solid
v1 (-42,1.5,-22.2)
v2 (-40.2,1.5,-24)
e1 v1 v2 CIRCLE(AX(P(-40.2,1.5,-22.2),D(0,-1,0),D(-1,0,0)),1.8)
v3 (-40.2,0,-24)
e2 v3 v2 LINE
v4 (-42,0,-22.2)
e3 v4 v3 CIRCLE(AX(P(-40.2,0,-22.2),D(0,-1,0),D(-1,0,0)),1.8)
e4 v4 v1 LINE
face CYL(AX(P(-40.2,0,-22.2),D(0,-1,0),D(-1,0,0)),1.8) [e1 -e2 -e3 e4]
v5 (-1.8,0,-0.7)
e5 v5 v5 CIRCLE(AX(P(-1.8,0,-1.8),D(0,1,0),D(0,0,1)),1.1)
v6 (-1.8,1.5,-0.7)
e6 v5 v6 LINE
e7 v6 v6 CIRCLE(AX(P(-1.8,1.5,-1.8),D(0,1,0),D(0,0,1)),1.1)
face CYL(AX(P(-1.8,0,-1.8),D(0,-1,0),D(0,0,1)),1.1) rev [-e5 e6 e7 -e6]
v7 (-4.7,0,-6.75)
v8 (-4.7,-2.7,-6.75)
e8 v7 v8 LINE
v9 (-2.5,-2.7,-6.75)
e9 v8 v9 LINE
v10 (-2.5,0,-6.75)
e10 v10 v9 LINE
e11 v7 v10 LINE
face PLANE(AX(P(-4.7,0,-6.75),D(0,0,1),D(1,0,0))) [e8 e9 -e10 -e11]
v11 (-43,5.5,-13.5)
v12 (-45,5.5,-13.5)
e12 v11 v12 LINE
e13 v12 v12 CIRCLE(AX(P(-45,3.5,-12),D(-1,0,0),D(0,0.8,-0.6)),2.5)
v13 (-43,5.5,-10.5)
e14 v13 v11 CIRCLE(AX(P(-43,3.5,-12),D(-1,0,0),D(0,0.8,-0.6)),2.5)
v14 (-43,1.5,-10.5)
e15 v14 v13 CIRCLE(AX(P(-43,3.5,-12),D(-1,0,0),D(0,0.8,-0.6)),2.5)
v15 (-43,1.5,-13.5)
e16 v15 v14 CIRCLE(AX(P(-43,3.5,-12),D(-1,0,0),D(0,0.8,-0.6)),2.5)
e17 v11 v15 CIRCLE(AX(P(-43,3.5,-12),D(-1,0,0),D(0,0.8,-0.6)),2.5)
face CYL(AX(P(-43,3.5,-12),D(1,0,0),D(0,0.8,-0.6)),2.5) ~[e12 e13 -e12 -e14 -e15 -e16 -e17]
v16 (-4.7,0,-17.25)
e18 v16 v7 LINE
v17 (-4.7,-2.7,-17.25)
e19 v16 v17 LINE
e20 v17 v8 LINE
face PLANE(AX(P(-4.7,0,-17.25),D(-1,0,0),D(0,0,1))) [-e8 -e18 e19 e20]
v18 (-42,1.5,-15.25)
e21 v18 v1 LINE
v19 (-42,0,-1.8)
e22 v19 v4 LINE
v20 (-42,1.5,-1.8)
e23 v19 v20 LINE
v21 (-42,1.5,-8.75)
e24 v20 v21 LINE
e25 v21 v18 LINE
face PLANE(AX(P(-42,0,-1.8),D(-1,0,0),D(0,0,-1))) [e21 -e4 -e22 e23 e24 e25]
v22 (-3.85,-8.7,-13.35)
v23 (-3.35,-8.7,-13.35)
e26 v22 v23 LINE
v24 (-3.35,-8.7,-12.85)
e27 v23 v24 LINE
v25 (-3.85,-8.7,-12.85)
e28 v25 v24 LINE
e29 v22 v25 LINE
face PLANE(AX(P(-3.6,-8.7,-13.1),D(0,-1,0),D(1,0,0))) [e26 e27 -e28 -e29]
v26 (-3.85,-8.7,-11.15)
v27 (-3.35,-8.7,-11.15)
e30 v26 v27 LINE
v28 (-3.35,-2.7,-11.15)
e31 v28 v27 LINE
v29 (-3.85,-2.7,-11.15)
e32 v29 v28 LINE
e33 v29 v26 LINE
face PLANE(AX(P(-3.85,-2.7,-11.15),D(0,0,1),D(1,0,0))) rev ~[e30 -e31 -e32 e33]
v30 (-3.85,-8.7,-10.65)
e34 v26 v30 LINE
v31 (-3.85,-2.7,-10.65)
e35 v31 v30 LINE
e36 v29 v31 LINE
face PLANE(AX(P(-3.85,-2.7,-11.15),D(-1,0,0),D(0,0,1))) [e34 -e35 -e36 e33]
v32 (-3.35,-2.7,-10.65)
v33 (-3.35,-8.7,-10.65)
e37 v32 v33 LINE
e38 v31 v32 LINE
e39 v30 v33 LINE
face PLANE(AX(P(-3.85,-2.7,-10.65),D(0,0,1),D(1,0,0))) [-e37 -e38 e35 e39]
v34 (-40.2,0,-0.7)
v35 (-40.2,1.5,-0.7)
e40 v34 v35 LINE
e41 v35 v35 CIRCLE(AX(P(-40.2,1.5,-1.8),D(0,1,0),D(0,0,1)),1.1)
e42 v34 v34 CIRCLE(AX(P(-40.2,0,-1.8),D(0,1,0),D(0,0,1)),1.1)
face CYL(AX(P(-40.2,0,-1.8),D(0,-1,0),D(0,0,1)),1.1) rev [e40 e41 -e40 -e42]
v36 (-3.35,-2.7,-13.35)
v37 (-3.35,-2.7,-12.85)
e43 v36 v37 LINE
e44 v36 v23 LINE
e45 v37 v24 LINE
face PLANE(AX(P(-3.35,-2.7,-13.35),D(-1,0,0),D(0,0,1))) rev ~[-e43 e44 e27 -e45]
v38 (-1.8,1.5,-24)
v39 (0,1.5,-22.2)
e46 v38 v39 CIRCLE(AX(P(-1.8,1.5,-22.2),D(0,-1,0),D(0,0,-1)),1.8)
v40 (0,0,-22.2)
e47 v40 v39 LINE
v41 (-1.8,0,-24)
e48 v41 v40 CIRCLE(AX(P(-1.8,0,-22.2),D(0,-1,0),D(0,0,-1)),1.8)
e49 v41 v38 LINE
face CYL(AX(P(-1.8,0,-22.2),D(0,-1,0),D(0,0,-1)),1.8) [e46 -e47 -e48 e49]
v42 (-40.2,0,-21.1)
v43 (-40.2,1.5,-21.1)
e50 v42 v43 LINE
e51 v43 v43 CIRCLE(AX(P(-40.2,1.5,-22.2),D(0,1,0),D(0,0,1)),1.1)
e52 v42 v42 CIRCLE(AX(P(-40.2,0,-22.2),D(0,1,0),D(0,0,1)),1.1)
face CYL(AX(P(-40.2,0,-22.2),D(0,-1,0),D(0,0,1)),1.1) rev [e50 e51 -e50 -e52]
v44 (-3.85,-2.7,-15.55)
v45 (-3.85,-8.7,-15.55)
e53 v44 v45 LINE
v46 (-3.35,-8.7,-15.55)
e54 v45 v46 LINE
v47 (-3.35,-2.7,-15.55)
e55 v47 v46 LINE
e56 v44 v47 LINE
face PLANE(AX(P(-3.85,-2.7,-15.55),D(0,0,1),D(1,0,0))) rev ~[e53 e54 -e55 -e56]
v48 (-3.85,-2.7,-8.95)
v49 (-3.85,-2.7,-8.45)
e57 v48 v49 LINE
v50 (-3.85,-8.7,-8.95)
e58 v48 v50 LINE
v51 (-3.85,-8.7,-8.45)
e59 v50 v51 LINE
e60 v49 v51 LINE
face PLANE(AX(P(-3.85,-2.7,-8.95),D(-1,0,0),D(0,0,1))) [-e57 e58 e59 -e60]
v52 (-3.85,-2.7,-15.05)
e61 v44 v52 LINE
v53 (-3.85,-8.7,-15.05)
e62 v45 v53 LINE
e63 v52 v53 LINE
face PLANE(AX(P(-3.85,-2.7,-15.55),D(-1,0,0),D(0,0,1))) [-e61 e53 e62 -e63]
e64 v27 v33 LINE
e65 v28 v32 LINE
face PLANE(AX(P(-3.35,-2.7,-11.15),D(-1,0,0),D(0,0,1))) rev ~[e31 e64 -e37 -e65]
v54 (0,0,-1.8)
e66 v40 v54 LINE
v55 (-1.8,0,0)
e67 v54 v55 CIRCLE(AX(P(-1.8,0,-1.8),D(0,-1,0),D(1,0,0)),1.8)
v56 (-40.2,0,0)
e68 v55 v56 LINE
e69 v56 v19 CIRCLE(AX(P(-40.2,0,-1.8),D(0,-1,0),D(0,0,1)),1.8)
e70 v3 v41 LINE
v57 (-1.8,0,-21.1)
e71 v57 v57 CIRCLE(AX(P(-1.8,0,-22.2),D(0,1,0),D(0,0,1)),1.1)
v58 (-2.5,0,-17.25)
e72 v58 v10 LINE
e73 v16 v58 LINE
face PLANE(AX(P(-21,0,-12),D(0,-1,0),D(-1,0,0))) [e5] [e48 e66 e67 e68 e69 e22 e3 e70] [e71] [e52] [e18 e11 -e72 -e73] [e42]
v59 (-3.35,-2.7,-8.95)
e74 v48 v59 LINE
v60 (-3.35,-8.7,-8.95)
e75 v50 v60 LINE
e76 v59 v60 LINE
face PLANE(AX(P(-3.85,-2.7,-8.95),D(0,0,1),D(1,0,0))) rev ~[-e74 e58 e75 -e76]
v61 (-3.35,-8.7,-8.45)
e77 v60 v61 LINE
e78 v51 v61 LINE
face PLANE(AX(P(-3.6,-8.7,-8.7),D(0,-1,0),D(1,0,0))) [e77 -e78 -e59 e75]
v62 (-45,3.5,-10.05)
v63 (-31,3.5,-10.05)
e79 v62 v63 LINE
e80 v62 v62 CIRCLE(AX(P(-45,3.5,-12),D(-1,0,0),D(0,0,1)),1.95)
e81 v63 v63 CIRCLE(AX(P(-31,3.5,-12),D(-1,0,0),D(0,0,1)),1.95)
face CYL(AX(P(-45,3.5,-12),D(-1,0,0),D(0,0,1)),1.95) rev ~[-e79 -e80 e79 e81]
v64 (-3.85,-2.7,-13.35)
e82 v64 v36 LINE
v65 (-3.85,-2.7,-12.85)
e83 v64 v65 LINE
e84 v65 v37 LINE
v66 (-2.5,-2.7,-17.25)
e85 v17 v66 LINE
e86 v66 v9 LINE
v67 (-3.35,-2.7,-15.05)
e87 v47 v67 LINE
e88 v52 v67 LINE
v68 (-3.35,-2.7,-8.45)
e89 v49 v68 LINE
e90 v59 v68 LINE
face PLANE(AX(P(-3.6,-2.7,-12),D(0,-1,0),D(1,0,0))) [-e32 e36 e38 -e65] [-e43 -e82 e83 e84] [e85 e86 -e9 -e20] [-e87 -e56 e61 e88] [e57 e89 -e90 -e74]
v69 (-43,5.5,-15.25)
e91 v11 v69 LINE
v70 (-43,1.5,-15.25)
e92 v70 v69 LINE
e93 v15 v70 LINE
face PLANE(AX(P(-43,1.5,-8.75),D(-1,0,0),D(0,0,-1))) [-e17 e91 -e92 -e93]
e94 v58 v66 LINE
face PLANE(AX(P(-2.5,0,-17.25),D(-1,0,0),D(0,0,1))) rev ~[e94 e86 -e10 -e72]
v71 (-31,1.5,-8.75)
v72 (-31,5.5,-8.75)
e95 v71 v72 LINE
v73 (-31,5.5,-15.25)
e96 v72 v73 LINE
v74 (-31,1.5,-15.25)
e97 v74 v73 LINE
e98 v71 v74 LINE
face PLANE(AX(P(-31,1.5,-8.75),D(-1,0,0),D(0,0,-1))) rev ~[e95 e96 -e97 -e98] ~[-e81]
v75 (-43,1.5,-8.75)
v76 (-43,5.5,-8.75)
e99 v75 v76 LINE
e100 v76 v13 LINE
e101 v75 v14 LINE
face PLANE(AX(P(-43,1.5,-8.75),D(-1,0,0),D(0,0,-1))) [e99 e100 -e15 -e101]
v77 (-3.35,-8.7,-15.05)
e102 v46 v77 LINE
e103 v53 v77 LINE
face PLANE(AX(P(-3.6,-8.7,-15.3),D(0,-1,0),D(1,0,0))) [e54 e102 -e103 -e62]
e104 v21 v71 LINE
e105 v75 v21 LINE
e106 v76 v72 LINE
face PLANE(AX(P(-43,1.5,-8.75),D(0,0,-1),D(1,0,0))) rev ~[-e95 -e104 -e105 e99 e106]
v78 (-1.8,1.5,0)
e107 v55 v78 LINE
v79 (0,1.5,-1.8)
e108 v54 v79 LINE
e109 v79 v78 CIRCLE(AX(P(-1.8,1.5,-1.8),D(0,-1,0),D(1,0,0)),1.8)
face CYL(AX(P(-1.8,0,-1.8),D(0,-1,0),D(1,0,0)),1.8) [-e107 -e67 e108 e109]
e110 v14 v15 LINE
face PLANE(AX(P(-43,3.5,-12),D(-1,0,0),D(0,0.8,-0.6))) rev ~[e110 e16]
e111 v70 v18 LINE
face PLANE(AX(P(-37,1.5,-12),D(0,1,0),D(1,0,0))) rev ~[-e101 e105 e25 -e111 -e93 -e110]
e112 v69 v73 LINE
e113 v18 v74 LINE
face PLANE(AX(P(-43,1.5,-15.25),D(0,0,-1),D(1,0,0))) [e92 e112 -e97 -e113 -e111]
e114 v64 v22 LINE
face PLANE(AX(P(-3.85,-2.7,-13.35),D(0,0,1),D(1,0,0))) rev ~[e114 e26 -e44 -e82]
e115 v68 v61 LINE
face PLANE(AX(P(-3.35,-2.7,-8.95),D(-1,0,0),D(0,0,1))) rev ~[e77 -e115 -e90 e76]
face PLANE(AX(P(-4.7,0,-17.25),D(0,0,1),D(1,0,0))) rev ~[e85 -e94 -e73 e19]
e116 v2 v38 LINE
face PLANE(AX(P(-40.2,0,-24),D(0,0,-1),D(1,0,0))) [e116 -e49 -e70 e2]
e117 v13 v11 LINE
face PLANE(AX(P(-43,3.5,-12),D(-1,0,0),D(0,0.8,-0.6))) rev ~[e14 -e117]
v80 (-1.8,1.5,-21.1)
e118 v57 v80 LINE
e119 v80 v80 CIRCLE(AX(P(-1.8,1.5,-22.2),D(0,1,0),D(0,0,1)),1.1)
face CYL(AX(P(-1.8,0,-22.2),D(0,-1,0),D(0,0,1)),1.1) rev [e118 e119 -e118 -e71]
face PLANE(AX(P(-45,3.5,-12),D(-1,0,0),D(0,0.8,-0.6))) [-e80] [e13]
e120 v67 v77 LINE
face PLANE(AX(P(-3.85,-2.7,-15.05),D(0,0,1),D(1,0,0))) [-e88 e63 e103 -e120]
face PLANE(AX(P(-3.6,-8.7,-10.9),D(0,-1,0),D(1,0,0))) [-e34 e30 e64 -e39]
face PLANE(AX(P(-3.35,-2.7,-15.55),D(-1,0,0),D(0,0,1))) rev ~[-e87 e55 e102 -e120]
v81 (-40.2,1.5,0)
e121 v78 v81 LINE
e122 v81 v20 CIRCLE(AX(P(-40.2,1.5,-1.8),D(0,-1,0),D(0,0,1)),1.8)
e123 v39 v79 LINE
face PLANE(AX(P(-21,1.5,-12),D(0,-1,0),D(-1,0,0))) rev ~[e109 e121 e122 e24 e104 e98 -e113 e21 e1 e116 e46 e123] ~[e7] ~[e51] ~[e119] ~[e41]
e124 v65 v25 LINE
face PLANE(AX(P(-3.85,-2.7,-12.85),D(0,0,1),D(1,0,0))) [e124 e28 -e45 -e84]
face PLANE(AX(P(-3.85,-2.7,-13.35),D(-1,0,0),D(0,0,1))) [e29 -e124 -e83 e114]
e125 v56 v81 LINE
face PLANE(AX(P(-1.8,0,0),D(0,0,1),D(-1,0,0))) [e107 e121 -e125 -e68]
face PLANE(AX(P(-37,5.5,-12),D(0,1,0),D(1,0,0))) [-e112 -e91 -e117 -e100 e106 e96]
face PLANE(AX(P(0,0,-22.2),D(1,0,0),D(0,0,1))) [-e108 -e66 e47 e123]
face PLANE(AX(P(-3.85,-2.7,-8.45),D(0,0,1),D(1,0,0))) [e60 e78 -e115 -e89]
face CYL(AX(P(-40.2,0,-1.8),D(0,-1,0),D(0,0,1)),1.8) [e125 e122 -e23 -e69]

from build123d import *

# Parameters (mm, degrees)
SKETCH1_R           = 1.1
BOSS_EXTRUDE1_DEPTH = 1.5
SKETCH2_W           = 12
SKETCH2_H           = 6.5
BOSS_EXTRUDE2_DEPTH = 4
SKETCH5_R           = 2.5
BOSS_EXTRUDE3_DEPTH = 2
SKETCH6_R           = 1.95
CUT_EXTRUDE1_DEPTH  = 15.02758553
SKETCH8_W           = 2.2
SKETCH8_H           = 10.5
BOSS_EXTRUDE4_DEPTH = 2.7
SKETCH9_W           = 0.5
SKETCH9_H           = 0.5
BOSS_EXTRUDE5_DEPTH = 6
LPATTERN1_COUNT     = 4
LPATTERN1_PITCH     = 2.2


with BuildPart() as part:
    # Sketch1 → Boss-Extrude1 (new body)
    with BuildSketch(Plane(origin=(0, 0, 0), x_dir=(1, 0, 0), z_dir=(0, 1, 0))):
        with BuildLine():
            Line((-1.8, 0), (-40.2, 0))
            ThreePointArc((-40.2, 0), (-41.472792206, 0.527207794), (-42, 1.8))
            Line((-42, 1.8), (-42, 22.2))
            ThreePointArc((-42, 22.2), (-41.472792206, 23.472792206), (-40.2, 24))
            Line((-40.2, 24), (-1.8, 24))
            ThreePointArc((-1.8, 24), (-0.527207794, 23.472792206), (0, 22.2))
            Line((0, 22.2), (0, 1.8))
            ThreePointArc((0, 1.8), (-0.527207794, 0.527207794), (-1.8, 0))
        make_face()
        with Locations(Location((-40.2, 1.8, 0), (0, 0, 270))):
            Circle(SKETCH1_R, mode=Mode.SUBTRACT)
        with Locations(Location((-1.8, 1.8, 0), (0, 0, 270))):
            Circle(SKETCH1_R, mode=Mode.SUBTRACT)
        with Locations(Location((-1.8, 22.2, 0), (0, 0, 270))):
            Circle(SKETCH1_R, mode=Mode.SUBTRACT)
        with Locations(Location((-40.2, 22.2, 0), (0, 0, 270))):
            Circle(SKETCH1_R, mode=Mode.SUBTRACT)
    extrude(amount=BOSS_EXTRUDE1_DEPTH)

    # Sketch2 → Boss-Extrude2 (add)
    with BuildSketch(Plane(origin=(0, 1.5, 0), x_dir=(1, 0, 0), z_dir=(0, 1, 0))):
        with Locations((-37, 12)):
            Rectangle(SKETCH2_W, SKETCH2_H)
    extrude(amount=BOSS_EXTRUDE2_DEPTH)

    # Sketch5 → Boss-Extrude3 (add)
    with BuildSketch(Plane.ZY.offset(43)):
        with Locations(Location((-12, 3.5, 0), (0, 0, 126.869897646))):
            Circle(SKETCH5_R)
    extrude(amount=BOSS_EXTRUDE3_DEPTH)

    # Sketch6 → Cut-Extrude1 (cut)
    with BuildSketch(Plane.ZY.offset(45)):
        with Locations((-12, 3.5)):
            Circle(SKETCH6_R)
    extrude(amount=-CUT_EXTRUDE1_DEPTH, mode=Mode.SUBTRACT)

    # Sketch8 → Boss-Extrude4 (add)
    with BuildSketch(Plane.XZ):
        with Locations((-3.6, -12)):
            Rectangle(SKETCH8_W, SKETCH8_H)
    extrude(amount=BOSS_EXTRUDE4_DEPTH)

    # Sketch9 → Boss-Extrude5 (add)
    with BuildSketch(Plane.XZ.offset(2.7)):
        with Locations((-3.6, -8.7)):
            Rectangle(SKETCH9_W, SKETCH9_H)
    boss_extrude5 = extrude(amount=BOSS_EXTRUDE5_DEPTH)

    # LPattern1: Boss-Extrude5 ×4
    with Locations(*[(0, 0, -i * LPATTERN1_PITCH) for i in range(1, LPATTERN1_COUNT)]):
        add(boss_extrude5)


solid = part.part
